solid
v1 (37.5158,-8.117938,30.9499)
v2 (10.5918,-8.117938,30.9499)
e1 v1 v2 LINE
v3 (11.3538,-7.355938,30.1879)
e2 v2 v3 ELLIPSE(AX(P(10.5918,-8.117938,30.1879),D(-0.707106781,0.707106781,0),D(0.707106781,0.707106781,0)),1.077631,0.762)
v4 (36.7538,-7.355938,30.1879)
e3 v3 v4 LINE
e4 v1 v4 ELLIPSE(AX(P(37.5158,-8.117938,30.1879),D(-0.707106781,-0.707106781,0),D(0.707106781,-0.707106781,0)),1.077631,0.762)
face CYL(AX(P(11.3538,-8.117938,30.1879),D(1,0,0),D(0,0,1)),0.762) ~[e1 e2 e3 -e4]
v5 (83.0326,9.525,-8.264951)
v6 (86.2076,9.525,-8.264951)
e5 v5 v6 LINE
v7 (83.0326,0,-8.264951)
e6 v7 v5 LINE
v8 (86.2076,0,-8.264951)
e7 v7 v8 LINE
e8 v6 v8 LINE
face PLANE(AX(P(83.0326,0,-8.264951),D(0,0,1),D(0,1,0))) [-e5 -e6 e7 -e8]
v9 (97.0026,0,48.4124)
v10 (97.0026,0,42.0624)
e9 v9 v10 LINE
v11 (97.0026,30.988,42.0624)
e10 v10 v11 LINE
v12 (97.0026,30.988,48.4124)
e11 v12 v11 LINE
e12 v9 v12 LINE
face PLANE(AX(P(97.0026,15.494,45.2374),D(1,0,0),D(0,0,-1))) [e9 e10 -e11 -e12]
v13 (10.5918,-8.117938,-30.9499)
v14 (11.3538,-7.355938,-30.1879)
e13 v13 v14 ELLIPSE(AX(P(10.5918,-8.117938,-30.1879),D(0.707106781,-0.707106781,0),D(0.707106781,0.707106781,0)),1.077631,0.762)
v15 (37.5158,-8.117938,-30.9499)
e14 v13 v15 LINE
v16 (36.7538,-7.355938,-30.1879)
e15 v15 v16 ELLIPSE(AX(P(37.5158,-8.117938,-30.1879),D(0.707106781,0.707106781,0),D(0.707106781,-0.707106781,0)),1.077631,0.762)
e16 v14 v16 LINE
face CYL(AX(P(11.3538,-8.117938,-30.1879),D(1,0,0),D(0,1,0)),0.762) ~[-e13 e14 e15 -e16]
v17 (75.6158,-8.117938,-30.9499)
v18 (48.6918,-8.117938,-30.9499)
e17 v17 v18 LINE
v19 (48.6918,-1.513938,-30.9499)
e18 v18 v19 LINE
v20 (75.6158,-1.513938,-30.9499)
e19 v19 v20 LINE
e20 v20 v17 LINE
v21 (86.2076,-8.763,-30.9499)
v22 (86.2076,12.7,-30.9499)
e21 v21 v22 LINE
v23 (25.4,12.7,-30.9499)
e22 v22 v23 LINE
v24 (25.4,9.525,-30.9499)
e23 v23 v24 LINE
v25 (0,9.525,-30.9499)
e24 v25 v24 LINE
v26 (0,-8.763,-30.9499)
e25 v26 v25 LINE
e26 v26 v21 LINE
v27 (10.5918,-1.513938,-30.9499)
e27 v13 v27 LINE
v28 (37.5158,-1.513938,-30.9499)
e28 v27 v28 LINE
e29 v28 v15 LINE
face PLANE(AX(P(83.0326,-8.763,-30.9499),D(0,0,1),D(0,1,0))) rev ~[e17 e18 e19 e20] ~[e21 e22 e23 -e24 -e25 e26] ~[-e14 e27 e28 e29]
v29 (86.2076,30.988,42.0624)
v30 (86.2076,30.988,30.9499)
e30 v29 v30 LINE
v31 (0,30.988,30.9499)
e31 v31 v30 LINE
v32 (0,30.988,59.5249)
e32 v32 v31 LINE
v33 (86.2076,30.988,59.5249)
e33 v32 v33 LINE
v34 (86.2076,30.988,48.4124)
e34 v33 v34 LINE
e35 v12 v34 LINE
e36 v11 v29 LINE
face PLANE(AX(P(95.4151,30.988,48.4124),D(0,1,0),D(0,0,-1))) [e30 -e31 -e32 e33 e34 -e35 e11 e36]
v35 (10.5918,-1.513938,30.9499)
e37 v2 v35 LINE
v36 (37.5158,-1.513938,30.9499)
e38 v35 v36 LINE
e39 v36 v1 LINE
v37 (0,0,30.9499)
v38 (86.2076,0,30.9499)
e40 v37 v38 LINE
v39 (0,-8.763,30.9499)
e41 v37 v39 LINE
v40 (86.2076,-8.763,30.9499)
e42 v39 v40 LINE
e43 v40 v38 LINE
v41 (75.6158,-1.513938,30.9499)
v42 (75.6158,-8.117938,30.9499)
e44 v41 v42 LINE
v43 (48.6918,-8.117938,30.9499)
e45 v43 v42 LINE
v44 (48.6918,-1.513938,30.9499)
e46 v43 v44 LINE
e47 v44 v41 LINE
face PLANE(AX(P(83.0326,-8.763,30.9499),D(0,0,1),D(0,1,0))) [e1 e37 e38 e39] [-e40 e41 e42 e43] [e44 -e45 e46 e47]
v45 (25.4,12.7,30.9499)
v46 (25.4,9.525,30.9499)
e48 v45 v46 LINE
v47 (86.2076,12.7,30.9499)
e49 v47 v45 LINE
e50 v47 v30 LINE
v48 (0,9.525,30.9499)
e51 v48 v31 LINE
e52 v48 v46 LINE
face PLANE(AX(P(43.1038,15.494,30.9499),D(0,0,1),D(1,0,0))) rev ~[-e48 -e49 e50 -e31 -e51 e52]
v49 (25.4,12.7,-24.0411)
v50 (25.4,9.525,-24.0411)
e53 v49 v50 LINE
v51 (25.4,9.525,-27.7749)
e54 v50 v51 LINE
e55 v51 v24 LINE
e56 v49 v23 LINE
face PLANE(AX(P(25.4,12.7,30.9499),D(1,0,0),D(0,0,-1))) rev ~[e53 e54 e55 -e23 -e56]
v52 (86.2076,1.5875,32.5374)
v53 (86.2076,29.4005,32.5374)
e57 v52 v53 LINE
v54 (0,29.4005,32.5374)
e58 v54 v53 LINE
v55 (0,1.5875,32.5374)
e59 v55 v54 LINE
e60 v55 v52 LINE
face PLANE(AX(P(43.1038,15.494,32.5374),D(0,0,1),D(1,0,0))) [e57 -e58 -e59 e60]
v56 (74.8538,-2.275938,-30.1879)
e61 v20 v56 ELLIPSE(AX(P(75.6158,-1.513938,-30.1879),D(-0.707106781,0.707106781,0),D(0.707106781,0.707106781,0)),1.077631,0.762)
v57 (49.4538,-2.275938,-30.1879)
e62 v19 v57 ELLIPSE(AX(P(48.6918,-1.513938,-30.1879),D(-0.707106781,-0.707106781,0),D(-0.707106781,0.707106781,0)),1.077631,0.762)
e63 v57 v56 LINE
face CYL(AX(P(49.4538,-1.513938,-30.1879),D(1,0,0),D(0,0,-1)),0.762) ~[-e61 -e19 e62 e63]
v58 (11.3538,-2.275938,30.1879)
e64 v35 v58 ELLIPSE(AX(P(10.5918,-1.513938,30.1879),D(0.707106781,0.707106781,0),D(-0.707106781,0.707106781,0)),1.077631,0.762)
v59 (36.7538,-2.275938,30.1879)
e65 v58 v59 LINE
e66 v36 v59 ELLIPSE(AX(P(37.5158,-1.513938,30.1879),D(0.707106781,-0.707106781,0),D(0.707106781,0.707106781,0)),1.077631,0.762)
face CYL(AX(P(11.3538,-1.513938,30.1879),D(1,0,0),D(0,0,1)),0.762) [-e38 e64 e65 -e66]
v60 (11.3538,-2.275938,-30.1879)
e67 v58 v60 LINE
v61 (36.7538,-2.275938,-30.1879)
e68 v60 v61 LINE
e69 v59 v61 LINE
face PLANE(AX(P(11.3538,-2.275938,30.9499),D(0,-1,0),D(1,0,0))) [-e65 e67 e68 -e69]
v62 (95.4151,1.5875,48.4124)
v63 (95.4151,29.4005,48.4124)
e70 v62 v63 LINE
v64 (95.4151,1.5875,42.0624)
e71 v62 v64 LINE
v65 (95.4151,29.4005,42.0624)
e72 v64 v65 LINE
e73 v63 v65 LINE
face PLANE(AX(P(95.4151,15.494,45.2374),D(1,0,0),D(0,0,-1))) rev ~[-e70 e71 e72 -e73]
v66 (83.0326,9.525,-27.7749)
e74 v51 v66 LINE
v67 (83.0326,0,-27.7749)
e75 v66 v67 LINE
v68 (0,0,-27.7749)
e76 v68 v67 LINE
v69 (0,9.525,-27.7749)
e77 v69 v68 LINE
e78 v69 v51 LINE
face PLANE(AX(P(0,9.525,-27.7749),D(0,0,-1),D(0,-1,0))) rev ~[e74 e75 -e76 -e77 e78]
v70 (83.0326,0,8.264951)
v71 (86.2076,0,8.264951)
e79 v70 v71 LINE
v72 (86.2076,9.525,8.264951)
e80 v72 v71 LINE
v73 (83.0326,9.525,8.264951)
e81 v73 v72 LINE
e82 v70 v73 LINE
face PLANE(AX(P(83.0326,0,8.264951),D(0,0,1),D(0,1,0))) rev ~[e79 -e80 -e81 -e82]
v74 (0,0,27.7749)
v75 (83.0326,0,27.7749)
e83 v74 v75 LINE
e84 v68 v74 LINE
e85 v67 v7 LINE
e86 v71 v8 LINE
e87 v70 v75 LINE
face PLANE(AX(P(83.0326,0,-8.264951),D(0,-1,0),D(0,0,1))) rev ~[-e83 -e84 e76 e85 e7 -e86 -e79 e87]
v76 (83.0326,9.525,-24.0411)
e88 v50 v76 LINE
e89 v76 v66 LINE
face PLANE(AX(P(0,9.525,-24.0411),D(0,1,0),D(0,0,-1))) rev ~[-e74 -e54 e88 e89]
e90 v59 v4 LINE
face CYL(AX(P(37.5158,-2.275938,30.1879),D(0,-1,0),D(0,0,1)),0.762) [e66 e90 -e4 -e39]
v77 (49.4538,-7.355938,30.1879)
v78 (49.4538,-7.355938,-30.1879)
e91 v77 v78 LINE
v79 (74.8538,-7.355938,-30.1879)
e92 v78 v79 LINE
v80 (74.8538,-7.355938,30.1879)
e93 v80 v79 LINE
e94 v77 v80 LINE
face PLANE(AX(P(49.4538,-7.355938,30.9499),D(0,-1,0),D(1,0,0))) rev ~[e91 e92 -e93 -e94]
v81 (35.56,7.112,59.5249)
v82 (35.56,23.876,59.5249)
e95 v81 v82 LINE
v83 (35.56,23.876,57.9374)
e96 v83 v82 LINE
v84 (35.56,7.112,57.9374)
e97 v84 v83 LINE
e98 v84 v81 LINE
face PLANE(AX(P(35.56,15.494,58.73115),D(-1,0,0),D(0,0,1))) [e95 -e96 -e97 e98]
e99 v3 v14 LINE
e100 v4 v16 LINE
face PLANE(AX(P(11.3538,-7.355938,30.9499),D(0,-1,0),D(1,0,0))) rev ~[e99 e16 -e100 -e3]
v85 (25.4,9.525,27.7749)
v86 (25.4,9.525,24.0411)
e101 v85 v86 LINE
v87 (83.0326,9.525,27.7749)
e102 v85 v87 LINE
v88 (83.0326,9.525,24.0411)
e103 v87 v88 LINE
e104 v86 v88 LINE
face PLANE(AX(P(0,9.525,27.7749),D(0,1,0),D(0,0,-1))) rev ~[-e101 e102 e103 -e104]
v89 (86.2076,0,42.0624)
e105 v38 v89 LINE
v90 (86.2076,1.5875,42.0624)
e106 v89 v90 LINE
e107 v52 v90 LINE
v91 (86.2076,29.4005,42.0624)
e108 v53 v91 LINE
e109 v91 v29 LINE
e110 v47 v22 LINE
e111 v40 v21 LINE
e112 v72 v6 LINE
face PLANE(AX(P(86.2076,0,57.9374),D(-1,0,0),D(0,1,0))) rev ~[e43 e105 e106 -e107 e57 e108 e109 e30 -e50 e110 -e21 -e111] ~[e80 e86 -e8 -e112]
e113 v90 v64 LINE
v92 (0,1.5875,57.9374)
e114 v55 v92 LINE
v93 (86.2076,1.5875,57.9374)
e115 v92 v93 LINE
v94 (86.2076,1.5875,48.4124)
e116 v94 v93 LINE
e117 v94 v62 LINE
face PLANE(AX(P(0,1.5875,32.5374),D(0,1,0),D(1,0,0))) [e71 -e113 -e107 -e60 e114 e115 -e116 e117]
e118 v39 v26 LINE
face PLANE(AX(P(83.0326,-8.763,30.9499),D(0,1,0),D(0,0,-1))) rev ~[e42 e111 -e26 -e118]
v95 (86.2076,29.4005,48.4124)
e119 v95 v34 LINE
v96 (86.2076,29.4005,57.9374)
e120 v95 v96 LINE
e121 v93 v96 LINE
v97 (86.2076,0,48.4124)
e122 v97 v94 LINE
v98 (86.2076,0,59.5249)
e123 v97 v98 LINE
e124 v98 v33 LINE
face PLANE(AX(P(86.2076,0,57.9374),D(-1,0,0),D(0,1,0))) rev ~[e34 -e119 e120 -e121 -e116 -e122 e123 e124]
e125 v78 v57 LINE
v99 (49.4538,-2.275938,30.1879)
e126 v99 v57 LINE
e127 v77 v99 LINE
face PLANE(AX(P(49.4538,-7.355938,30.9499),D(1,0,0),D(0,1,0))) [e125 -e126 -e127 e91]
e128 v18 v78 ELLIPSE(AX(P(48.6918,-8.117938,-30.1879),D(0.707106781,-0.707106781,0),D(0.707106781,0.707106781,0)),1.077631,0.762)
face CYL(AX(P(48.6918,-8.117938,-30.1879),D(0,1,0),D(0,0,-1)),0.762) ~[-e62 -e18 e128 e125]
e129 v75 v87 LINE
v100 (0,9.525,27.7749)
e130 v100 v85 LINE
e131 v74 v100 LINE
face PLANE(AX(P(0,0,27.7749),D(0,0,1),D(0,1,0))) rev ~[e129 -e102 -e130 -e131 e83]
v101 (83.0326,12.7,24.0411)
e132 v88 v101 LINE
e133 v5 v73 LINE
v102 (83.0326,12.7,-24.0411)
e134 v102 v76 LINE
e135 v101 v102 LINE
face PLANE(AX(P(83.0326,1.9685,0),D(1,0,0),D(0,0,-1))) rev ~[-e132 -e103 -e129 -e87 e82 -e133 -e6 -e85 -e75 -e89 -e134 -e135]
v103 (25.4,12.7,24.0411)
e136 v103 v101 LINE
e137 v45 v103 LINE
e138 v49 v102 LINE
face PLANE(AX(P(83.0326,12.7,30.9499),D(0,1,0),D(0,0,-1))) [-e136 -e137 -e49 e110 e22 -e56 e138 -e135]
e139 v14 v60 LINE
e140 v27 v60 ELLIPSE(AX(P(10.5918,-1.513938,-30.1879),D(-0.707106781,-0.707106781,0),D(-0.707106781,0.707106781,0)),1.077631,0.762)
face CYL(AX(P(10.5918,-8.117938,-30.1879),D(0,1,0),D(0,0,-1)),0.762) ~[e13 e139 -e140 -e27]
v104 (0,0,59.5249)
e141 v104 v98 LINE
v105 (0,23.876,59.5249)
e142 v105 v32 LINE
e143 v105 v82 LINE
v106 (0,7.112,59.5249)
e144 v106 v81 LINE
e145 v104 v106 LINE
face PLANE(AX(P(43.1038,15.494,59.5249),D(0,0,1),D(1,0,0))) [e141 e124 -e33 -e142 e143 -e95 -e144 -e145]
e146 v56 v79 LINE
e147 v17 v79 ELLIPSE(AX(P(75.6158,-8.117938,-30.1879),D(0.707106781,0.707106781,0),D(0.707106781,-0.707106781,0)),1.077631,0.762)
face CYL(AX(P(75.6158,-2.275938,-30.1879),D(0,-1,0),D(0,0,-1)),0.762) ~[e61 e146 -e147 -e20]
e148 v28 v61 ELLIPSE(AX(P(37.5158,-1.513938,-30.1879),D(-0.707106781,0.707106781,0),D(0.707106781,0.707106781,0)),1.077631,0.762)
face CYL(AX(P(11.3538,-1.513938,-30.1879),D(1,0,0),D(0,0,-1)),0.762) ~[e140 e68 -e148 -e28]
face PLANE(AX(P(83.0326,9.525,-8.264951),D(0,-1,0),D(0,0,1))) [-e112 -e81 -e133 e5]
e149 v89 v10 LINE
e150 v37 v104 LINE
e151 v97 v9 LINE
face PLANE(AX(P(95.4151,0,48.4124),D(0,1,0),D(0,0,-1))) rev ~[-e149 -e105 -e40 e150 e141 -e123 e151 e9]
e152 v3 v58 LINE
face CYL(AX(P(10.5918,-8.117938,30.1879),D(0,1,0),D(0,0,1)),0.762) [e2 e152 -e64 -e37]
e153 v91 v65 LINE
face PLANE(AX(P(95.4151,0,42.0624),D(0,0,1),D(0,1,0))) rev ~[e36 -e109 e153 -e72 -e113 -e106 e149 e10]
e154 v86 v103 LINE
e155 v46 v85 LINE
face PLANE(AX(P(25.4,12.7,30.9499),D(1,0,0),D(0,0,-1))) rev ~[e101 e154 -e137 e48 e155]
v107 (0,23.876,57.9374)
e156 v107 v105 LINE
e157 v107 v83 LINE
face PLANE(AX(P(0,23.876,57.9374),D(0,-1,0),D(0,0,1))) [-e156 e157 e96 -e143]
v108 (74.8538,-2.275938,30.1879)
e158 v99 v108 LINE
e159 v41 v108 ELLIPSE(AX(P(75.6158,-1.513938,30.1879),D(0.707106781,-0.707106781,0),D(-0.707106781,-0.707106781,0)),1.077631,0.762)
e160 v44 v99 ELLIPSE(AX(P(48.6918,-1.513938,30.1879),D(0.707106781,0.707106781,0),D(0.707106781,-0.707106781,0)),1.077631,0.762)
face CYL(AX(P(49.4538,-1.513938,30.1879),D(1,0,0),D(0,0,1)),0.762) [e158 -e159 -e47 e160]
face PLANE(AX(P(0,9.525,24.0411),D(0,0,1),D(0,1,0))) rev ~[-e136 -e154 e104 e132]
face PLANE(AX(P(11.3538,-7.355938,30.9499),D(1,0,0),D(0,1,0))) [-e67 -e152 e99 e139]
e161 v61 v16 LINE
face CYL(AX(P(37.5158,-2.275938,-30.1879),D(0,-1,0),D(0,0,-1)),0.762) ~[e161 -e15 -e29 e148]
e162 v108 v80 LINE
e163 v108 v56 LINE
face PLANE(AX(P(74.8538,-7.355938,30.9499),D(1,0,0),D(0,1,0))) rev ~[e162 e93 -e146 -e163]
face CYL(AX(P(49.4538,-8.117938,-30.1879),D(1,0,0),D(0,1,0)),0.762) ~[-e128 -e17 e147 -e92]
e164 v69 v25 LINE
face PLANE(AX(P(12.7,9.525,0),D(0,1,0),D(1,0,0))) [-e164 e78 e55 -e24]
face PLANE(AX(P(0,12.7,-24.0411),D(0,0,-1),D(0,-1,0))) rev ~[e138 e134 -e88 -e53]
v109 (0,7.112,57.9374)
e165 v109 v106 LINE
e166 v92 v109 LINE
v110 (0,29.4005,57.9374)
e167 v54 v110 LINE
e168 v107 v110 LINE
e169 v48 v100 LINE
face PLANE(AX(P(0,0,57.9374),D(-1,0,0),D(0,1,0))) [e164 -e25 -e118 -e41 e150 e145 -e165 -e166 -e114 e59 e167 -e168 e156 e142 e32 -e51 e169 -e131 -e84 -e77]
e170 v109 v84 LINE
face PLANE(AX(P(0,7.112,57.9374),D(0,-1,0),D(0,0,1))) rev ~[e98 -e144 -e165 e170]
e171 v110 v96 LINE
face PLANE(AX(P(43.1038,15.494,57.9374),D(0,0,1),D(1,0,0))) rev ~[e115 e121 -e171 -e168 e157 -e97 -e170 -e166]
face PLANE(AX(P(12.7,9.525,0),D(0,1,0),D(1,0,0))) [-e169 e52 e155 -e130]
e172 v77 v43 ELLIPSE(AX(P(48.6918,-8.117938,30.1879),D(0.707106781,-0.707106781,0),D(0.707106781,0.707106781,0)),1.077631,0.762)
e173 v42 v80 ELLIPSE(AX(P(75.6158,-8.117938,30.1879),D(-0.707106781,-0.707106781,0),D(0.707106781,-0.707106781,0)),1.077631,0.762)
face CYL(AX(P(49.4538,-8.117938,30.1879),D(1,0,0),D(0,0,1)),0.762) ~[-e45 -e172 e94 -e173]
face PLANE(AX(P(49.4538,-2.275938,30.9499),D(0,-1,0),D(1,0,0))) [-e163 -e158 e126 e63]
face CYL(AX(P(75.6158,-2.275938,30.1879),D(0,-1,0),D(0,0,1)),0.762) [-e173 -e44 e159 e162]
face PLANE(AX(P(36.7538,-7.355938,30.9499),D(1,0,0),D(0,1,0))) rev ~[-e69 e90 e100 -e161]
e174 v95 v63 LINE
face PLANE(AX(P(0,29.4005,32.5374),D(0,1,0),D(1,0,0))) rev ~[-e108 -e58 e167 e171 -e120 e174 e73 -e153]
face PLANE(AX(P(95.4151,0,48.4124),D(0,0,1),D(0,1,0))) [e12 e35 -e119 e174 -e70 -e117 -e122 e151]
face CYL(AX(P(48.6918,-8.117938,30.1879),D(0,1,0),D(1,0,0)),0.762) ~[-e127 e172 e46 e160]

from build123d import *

# Parameters (mm, degrees)
BOSS_EXTRUDE1_DEPTH  = 83.0326
SKETCH2_W            = 61.8998
SKETCH2_H            = 21.463
BOSS_EXTRUDE2_DEPTH  = 3.175
SKETCH3_W            = 25.4
SKETCH3_H            = 5.08
CUT_EXTRUDE1_DEPTH   = 107.886039958
FILLET1_R            = 0.762
FILLET2_R            = 0.762
FILLET3_R            = 0.762
SKETCH5_W            = 16.529901782
SKETCH5_H            = 9.525
CUT_EXTRUDE2_DEPTH   = 90.51870739
SKETCH41_W           = 86.2076
SKETCH41_H           = 30.988
BOSS_EXTRUDE10_DEPTH = 1.5875
SKETCH42_W           = 86.2076
SKETCH42_H           = 1.5875
BOSS_EXTRUDE11_DEPTH = 25.4
SKETCH47_W           = 86.2076
SKETCH47_H           = 1.5875
BOSS_EXTRUDE13_DEPTH = 25.4
SKETCH48_W           = 86.2076
SKETCH48_H           = 30.988
BOSS_EXTRUDE14_DEPTH = 1.5875
SKETCH49_W           = 1.5875
SKETCH49_H           = 16.764
CUT_EXTRUDE5_DEPTH   = 35.56
SKETCH50_W           = 6.35
SKETCH50_H           = 1.5875
BOSS_EXTRUDE15_DEPTH = 9.2075
SKETCH52_W           = 6.35
SKETCH52_H           = 30.988
BOSS_EXTRUDE17_DEPTH = 1.5875
SKETCH53_W           = 25.4
SKETCH53_H           = 61.8998
CUT_EXTRUDE6_DEPTH   = 3.175


with BuildPart() as part:
    # Sketch1 → Boss-Extrude1 (new body)
    with BuildSketch(Plane(origin=(0, 0, 0), x_dir=(0, 0, -1), z_dir=(1, 0, 0))):
        Polygon((-27.7749, 9.525), (-24.0411, 9.525), (-24.0411, 12.7), (-30.9499, 12.7), (-30.9499, -3.175), (-30.9499, -8.763), (30.9499, -8.763), (30.9499, -3.175), (30.9499, 12.7), (24.0411, 12.7), (24.0411, 9.525), (27.7749, 9.525), (27.7749, 0), (-27.7749, 0), align=None)
    extrude(amount=BOSS_EXTRUDE1_DEPTH)

    # Sketch2 → Boss-Extrude2 (add)
    with BuildSketch(Plane(origin=(83.0326, 0, 0), x_dir=(0, 0, -1), z_dir=(1, 0, 0))):
        with Locations((0, 1.9685)):
            Rectangle(SKETCH2_W, SKETCH2_H)
    extrude(amount=BOSS_EXTRUDE2_DEPTH)

    # Sketch3 → Cut-Extrude1 (cut, through all)
    with BuildSketch(Plane.XY.offset(30.9499)):
        with Locations((24.0538, -4.815937668)):
            Rectangle(SKETCH3_W, SKETCH3_H)
        with Locations((62.1538, -4.815937668)):
            Rectangle(SKETCH3_W, SKETCH3_H)
    extrude(amount=-CUT_EXTRUDE1_DEPTH, mode=Mode.SUBTRACT)

    # Fillet1
    fillet1_edges = [part.edges().sort_by_distance(p)[0] for p in [
        (24.0538, -7.355937668, -30.9499),
        (24.0538, -7.355937668, 30.9499),
        (62.1538, -7.355937668, -30.9499),
        (62.1538, -7.355937668, 30.9499),
    ]]
    fillet(fillet1_edges, radius=FILLET1_R)

    # Fillet2
    fillet2_edges = [part.edges().sort_by_distance(p)[0] for p in [
        (11.3538, -5.196937668, -30.9499),
        (24.0538, -2.275937668, -30.9499),
        (36.7538, -5.196937668, -30.9499),
        (49.4538, -5.196937668, -30.9499),
        (62.1538, -2.275937668, -30.9499),
        (74.8538, -5.196937668, -30.9499),
    ]]
    fillet(fillet2_edges, radius=FILLET2_R)

    # Fillet3
    fillet3_edges = [part.edges().sort_by_distance(p)[0] for p in [
        (74.8538, -5.196937668, 30.9499),
        (62.1538, -2.275937668, 30.9499),
        (49.4538, -5.196937668, 30.9499),
        (11.3538, -5.196937668, 30.9499),
        (24.0538, -2.275937668, 30.9499),
        (36.7538, -5.196937668, 30.9499),
    ]]
    fillet(fillet3_edges, radius=FILLET3_R)

    # Sketch5 → Cut-Extrude2 (cut, through all)
    with BuildSketch(Plane.ZY.offset(-83.0326)):
        with Locations((0, 4.7625)):
            Rectangle(SKETCH5_W, SKETCH5_H)
    extrude(amount=-CUT_EXTRUDE2_DEPTH, mode=Mode.SUBTRACT)

    # Sketch41 → Boss-Extrude10 (add)
    with BuildSketch(Plane.XY.offset(30.9499)):
        with Locations((43.1038, 15.494)):
            Rectangle(SKETCH41_W, SKETCH41_H)
    extrude(amount=BOSS_EXTRUDE10_DEPTH)

    # Sketch42 → Boss-Extrude11 (add)
    with BuildSketch(Plane.XY.offset(32.5374)):
        with Locations((43.1038, 0.79375)):
            Rectangle(SKETCH42_W, SKETCH42_H)
    extrude(amount=BOSS_EXTRUDE11_DEPTH)

    # Sketch47 → Boss-Extrude13 (add)
    with BuildSketch(Plane.XY.offset(32.5374)):
        with Locations((43.1038, 30.19425)):
            Rectangle(SKETCH47_W, SKETCH47_H)
    extrude(amount=BOSS_EXTRUDE13_DEPTH)

    # Sketch48 → Boss-Extrude14 (add)
    with BuildSketch(Plane.XY.offset(57.9374)):
        with Locations((43.1038, 15.494)):
            Rectangle(SKETCH48_W, SKETCH48_H)
    extrude(amount=BOSS_EXTRUDE14_DEPTH)

    # Sketch49 → Cut-Extrude5 (cut)
    with BuildSketch(Plane.ZY):
        with Locations((58.73115, 15.494)):
            Rectangle(SKETCH49_W, SKETCH49_H)
    extrude(amount=-CUT_EXTRUDE5_DEPTH, mode=Mode.SUBTRACT)

    # Sketch50 → Boss-Extrude15 (add)
    with BuildSketch(Plane(origin=(86.2076, 0, 0), x_dir=(0, 0, -1), z_dir=(1, 0, 0))):
        with Locations((-45.2374, 30.19425)):
            Rectangle(SKETCH50_W, SKETCH50_H)
        with Locations((-45.2374, 0.79375)):
            Rectangle(SKETCH50_W, SKETCH50_H)
    extrude(amount=BOSS_EXTRUDE15_DEPTH)

    # Sketch52 → Boss-Extrude17 (add)
    with BuildSketch(Plane(origin=(95.4151, 0, 0), x_dir=(0, 0, -1), z_dir=(1, 0, 0))):
        with Locations((-45.2374, 15.494)):
            Rectangle(SKETCH52_W, SKETCH52_H)
    extrude(amount=BOSS_EXTRUDE17_DEPTH)

    # Sketch53 → Cut-Extrude6 (cut)
    with BuildSketch(Plane(origin=(0, 12.7, 0), x_dir=(1, 0, 0), z_dir=(0, 1, 0))):
        with Locations((12.7, 0)):
            Rectangle(SKETCH53_W, SKETCH53_H)
    extrude(amount=-CUT_EXTRUDE6_DEPTH, mode=Mode.SUBTRACT)


solid = part.part
